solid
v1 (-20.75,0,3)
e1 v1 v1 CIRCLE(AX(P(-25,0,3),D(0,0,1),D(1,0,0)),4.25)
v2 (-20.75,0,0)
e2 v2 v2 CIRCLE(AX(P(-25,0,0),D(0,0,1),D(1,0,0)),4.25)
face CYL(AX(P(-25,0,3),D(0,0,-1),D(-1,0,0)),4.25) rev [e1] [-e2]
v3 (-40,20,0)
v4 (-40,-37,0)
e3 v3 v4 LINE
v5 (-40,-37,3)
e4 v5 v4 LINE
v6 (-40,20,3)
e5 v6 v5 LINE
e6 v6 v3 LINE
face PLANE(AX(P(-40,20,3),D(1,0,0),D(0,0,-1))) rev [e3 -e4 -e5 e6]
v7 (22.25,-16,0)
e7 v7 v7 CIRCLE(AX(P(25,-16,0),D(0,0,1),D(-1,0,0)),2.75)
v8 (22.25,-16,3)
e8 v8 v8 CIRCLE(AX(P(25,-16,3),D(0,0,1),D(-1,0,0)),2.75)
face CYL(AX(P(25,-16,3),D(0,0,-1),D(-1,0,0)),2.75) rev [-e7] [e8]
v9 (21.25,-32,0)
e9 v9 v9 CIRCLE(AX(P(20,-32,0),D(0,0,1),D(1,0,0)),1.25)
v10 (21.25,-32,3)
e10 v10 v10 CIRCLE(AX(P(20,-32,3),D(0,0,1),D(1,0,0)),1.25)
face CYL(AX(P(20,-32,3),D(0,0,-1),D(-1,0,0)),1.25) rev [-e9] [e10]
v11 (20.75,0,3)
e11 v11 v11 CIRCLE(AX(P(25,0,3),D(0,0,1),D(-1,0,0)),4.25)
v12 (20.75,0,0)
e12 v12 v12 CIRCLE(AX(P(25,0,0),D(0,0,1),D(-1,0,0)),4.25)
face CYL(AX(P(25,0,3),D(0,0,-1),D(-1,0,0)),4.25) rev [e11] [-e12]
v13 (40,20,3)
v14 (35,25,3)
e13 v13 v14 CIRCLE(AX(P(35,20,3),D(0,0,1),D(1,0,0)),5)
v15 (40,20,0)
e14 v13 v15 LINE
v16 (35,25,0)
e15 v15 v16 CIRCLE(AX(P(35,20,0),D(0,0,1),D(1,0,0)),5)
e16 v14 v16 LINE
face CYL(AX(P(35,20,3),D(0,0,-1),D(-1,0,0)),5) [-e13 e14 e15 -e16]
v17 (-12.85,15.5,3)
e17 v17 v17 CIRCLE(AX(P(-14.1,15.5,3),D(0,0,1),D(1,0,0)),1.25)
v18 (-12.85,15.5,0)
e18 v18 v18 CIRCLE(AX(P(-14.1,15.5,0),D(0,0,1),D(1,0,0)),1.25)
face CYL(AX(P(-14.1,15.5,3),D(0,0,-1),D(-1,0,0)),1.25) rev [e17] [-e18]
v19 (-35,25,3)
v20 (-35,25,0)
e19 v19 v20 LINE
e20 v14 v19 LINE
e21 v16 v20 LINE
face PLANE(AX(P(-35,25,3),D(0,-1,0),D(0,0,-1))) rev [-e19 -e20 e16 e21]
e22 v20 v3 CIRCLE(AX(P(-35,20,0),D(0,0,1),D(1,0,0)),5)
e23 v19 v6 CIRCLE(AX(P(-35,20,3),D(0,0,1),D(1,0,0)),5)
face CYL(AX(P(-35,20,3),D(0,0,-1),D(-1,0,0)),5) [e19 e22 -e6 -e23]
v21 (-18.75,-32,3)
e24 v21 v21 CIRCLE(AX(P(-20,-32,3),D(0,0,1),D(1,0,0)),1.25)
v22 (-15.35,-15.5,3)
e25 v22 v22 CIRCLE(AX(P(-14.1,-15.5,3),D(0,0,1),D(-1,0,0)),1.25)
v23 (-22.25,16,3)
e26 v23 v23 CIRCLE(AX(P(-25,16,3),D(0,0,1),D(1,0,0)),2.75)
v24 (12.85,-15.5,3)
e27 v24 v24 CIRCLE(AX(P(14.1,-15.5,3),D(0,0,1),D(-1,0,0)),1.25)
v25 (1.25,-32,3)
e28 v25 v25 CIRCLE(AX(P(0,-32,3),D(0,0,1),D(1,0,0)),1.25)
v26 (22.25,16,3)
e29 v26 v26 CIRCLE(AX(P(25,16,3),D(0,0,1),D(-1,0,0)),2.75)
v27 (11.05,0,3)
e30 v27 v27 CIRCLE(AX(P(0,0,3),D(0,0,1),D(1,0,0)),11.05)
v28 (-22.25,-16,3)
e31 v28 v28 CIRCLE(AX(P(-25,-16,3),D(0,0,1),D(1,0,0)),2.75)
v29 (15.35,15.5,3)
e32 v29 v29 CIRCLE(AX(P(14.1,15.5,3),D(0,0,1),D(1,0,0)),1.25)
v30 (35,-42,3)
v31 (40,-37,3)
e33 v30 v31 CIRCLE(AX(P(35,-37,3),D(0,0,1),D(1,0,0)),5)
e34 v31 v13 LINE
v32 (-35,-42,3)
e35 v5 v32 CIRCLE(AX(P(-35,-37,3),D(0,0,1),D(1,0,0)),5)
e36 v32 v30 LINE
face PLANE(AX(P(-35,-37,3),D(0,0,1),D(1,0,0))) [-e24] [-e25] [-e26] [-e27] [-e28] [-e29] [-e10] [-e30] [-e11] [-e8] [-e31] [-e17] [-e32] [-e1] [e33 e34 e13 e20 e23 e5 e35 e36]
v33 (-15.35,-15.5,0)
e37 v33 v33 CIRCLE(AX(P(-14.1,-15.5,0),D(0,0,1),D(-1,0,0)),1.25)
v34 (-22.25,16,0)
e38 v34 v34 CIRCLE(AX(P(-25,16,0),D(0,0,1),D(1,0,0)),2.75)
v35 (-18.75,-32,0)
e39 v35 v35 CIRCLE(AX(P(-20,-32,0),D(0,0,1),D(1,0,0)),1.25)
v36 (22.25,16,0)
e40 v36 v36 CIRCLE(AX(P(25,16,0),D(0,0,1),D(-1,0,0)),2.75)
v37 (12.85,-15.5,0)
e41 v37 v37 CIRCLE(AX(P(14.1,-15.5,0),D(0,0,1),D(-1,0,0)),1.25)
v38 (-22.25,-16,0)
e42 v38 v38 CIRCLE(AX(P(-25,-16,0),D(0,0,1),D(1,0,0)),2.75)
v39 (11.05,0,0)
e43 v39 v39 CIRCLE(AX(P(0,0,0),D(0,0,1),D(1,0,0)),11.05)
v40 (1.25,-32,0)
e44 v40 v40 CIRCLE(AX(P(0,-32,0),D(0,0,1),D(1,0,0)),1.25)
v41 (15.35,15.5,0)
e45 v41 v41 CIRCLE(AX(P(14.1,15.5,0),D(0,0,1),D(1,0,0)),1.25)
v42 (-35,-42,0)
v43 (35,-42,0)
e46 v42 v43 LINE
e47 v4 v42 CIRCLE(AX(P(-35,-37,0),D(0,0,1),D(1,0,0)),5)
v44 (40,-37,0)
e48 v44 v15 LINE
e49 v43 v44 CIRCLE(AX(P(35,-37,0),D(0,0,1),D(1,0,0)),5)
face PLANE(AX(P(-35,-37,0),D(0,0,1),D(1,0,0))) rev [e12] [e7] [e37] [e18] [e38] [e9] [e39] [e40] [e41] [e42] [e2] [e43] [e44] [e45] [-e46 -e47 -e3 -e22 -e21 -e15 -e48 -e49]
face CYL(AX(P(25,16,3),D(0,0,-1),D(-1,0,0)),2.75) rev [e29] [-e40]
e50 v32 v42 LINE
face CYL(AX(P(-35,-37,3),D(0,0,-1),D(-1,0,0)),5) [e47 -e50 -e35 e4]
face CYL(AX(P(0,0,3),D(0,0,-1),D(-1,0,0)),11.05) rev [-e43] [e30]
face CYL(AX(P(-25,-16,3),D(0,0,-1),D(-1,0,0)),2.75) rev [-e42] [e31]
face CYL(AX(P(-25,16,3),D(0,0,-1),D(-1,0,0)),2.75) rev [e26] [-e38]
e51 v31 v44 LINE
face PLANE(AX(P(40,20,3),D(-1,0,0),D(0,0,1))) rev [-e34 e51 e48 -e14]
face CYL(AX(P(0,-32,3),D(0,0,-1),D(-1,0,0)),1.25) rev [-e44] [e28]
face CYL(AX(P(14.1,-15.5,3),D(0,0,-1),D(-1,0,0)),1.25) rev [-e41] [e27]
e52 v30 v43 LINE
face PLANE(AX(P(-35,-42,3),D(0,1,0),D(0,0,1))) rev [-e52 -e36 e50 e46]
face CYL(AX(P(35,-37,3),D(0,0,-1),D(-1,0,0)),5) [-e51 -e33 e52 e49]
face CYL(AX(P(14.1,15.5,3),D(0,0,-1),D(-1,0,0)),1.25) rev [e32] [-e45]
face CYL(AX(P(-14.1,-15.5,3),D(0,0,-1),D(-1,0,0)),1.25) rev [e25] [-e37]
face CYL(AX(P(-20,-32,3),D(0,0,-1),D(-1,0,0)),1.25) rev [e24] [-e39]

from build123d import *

# Parameters (mm, degrees)
SKETCH_1_R      = 11.05
SKETCH_1_R_2    = 2.75
SKETCH_1_R_3    = 1.25
SKETCH_1_R_4    = 4.25
EXTRUDE_1_DEPTH = 3


with BuildPart() as part:
    # 草图1 → 凸台-拉伸1 (new body)
    with BuildSketch(Plane.XY):
        with BuildLine():
            Line((-40, 20), (-40, -37))
            ThreePointArc((-40, -37), (-38.535533906, -40.535533906), (-35, -42))
            Line((-35, -42), (35, -42))
            ThreePointArc((35, -42), (38.535533906, -40.535533906), (40, -37))
            Line((40, -37), (40, 20))
            ThreePointArc((40, 20), (38.535533906, 23.535533906), (35, 25))
            Line((35, 25), (-35, 25))
            ThreePointArc((-35, 25), (-38.535533906, 23.535533906), (-40, 20))
        make_face()
        Circle(SKETCH_1_R, mode=Mode.SUBTRACT)
        with Locations((-25, 16)):
            Circle(SKETCH_1_R_2, mode=Mode.SUBTRACT)
        with Locations((-25, -16)):
            Circle(SKETCH_1_R_2, mode=Mode.SUBTRACT)
        with Locations((25, -16)):
            Circle(SKETCH_1_R_2, mode=Mode.SUBTRACT)
        with Locations((25, 16)):
            Circle(SKETCH_1_R_2, mode=Mode.SUBTRACT)
        with Locations((0, -32)):
            Circle(SKETCH_1_R_3, mode=Mode.SUBTRACT)
        with Locations((-20, -32)):
            Circle(SKETCH_1_R_3, mode=Mode.SUBTRACT)
        with Locations((20, -32)):
            Circle(SKETCH_1_R_3, mode=Mode.SUBTRACT)
        with Locations((-25, 0)):
            Circle(SKETCH_1_R_4, mode=Mode.SUBTRACT)
        with Locations((25, 0)):
            Circle(SKETCH_1_R_4, mode=Mode.SUBTRACT)
        with Locations((-14.1, 15.5)):
            Circle(SKETCH_1_R_3, mode=Mode.SUBTRACT)
        with Locations((14.1, 15.5)):
            Circle(SKETCH_1_R_3, mode=Mode.SUBTRACT)
        with Locations((14.1, -15.5)):
            Circle(SKETCH_1_R_3, mode=Mode.SUBTRACT)
        with Locations((-14.1, -15.5)):
            Circle(SKETCH_1_R_3, mode=Mode.SUBTRACT)
    extrude(amount=EXTRUDE_1_DEPTH)


solid = part.part
